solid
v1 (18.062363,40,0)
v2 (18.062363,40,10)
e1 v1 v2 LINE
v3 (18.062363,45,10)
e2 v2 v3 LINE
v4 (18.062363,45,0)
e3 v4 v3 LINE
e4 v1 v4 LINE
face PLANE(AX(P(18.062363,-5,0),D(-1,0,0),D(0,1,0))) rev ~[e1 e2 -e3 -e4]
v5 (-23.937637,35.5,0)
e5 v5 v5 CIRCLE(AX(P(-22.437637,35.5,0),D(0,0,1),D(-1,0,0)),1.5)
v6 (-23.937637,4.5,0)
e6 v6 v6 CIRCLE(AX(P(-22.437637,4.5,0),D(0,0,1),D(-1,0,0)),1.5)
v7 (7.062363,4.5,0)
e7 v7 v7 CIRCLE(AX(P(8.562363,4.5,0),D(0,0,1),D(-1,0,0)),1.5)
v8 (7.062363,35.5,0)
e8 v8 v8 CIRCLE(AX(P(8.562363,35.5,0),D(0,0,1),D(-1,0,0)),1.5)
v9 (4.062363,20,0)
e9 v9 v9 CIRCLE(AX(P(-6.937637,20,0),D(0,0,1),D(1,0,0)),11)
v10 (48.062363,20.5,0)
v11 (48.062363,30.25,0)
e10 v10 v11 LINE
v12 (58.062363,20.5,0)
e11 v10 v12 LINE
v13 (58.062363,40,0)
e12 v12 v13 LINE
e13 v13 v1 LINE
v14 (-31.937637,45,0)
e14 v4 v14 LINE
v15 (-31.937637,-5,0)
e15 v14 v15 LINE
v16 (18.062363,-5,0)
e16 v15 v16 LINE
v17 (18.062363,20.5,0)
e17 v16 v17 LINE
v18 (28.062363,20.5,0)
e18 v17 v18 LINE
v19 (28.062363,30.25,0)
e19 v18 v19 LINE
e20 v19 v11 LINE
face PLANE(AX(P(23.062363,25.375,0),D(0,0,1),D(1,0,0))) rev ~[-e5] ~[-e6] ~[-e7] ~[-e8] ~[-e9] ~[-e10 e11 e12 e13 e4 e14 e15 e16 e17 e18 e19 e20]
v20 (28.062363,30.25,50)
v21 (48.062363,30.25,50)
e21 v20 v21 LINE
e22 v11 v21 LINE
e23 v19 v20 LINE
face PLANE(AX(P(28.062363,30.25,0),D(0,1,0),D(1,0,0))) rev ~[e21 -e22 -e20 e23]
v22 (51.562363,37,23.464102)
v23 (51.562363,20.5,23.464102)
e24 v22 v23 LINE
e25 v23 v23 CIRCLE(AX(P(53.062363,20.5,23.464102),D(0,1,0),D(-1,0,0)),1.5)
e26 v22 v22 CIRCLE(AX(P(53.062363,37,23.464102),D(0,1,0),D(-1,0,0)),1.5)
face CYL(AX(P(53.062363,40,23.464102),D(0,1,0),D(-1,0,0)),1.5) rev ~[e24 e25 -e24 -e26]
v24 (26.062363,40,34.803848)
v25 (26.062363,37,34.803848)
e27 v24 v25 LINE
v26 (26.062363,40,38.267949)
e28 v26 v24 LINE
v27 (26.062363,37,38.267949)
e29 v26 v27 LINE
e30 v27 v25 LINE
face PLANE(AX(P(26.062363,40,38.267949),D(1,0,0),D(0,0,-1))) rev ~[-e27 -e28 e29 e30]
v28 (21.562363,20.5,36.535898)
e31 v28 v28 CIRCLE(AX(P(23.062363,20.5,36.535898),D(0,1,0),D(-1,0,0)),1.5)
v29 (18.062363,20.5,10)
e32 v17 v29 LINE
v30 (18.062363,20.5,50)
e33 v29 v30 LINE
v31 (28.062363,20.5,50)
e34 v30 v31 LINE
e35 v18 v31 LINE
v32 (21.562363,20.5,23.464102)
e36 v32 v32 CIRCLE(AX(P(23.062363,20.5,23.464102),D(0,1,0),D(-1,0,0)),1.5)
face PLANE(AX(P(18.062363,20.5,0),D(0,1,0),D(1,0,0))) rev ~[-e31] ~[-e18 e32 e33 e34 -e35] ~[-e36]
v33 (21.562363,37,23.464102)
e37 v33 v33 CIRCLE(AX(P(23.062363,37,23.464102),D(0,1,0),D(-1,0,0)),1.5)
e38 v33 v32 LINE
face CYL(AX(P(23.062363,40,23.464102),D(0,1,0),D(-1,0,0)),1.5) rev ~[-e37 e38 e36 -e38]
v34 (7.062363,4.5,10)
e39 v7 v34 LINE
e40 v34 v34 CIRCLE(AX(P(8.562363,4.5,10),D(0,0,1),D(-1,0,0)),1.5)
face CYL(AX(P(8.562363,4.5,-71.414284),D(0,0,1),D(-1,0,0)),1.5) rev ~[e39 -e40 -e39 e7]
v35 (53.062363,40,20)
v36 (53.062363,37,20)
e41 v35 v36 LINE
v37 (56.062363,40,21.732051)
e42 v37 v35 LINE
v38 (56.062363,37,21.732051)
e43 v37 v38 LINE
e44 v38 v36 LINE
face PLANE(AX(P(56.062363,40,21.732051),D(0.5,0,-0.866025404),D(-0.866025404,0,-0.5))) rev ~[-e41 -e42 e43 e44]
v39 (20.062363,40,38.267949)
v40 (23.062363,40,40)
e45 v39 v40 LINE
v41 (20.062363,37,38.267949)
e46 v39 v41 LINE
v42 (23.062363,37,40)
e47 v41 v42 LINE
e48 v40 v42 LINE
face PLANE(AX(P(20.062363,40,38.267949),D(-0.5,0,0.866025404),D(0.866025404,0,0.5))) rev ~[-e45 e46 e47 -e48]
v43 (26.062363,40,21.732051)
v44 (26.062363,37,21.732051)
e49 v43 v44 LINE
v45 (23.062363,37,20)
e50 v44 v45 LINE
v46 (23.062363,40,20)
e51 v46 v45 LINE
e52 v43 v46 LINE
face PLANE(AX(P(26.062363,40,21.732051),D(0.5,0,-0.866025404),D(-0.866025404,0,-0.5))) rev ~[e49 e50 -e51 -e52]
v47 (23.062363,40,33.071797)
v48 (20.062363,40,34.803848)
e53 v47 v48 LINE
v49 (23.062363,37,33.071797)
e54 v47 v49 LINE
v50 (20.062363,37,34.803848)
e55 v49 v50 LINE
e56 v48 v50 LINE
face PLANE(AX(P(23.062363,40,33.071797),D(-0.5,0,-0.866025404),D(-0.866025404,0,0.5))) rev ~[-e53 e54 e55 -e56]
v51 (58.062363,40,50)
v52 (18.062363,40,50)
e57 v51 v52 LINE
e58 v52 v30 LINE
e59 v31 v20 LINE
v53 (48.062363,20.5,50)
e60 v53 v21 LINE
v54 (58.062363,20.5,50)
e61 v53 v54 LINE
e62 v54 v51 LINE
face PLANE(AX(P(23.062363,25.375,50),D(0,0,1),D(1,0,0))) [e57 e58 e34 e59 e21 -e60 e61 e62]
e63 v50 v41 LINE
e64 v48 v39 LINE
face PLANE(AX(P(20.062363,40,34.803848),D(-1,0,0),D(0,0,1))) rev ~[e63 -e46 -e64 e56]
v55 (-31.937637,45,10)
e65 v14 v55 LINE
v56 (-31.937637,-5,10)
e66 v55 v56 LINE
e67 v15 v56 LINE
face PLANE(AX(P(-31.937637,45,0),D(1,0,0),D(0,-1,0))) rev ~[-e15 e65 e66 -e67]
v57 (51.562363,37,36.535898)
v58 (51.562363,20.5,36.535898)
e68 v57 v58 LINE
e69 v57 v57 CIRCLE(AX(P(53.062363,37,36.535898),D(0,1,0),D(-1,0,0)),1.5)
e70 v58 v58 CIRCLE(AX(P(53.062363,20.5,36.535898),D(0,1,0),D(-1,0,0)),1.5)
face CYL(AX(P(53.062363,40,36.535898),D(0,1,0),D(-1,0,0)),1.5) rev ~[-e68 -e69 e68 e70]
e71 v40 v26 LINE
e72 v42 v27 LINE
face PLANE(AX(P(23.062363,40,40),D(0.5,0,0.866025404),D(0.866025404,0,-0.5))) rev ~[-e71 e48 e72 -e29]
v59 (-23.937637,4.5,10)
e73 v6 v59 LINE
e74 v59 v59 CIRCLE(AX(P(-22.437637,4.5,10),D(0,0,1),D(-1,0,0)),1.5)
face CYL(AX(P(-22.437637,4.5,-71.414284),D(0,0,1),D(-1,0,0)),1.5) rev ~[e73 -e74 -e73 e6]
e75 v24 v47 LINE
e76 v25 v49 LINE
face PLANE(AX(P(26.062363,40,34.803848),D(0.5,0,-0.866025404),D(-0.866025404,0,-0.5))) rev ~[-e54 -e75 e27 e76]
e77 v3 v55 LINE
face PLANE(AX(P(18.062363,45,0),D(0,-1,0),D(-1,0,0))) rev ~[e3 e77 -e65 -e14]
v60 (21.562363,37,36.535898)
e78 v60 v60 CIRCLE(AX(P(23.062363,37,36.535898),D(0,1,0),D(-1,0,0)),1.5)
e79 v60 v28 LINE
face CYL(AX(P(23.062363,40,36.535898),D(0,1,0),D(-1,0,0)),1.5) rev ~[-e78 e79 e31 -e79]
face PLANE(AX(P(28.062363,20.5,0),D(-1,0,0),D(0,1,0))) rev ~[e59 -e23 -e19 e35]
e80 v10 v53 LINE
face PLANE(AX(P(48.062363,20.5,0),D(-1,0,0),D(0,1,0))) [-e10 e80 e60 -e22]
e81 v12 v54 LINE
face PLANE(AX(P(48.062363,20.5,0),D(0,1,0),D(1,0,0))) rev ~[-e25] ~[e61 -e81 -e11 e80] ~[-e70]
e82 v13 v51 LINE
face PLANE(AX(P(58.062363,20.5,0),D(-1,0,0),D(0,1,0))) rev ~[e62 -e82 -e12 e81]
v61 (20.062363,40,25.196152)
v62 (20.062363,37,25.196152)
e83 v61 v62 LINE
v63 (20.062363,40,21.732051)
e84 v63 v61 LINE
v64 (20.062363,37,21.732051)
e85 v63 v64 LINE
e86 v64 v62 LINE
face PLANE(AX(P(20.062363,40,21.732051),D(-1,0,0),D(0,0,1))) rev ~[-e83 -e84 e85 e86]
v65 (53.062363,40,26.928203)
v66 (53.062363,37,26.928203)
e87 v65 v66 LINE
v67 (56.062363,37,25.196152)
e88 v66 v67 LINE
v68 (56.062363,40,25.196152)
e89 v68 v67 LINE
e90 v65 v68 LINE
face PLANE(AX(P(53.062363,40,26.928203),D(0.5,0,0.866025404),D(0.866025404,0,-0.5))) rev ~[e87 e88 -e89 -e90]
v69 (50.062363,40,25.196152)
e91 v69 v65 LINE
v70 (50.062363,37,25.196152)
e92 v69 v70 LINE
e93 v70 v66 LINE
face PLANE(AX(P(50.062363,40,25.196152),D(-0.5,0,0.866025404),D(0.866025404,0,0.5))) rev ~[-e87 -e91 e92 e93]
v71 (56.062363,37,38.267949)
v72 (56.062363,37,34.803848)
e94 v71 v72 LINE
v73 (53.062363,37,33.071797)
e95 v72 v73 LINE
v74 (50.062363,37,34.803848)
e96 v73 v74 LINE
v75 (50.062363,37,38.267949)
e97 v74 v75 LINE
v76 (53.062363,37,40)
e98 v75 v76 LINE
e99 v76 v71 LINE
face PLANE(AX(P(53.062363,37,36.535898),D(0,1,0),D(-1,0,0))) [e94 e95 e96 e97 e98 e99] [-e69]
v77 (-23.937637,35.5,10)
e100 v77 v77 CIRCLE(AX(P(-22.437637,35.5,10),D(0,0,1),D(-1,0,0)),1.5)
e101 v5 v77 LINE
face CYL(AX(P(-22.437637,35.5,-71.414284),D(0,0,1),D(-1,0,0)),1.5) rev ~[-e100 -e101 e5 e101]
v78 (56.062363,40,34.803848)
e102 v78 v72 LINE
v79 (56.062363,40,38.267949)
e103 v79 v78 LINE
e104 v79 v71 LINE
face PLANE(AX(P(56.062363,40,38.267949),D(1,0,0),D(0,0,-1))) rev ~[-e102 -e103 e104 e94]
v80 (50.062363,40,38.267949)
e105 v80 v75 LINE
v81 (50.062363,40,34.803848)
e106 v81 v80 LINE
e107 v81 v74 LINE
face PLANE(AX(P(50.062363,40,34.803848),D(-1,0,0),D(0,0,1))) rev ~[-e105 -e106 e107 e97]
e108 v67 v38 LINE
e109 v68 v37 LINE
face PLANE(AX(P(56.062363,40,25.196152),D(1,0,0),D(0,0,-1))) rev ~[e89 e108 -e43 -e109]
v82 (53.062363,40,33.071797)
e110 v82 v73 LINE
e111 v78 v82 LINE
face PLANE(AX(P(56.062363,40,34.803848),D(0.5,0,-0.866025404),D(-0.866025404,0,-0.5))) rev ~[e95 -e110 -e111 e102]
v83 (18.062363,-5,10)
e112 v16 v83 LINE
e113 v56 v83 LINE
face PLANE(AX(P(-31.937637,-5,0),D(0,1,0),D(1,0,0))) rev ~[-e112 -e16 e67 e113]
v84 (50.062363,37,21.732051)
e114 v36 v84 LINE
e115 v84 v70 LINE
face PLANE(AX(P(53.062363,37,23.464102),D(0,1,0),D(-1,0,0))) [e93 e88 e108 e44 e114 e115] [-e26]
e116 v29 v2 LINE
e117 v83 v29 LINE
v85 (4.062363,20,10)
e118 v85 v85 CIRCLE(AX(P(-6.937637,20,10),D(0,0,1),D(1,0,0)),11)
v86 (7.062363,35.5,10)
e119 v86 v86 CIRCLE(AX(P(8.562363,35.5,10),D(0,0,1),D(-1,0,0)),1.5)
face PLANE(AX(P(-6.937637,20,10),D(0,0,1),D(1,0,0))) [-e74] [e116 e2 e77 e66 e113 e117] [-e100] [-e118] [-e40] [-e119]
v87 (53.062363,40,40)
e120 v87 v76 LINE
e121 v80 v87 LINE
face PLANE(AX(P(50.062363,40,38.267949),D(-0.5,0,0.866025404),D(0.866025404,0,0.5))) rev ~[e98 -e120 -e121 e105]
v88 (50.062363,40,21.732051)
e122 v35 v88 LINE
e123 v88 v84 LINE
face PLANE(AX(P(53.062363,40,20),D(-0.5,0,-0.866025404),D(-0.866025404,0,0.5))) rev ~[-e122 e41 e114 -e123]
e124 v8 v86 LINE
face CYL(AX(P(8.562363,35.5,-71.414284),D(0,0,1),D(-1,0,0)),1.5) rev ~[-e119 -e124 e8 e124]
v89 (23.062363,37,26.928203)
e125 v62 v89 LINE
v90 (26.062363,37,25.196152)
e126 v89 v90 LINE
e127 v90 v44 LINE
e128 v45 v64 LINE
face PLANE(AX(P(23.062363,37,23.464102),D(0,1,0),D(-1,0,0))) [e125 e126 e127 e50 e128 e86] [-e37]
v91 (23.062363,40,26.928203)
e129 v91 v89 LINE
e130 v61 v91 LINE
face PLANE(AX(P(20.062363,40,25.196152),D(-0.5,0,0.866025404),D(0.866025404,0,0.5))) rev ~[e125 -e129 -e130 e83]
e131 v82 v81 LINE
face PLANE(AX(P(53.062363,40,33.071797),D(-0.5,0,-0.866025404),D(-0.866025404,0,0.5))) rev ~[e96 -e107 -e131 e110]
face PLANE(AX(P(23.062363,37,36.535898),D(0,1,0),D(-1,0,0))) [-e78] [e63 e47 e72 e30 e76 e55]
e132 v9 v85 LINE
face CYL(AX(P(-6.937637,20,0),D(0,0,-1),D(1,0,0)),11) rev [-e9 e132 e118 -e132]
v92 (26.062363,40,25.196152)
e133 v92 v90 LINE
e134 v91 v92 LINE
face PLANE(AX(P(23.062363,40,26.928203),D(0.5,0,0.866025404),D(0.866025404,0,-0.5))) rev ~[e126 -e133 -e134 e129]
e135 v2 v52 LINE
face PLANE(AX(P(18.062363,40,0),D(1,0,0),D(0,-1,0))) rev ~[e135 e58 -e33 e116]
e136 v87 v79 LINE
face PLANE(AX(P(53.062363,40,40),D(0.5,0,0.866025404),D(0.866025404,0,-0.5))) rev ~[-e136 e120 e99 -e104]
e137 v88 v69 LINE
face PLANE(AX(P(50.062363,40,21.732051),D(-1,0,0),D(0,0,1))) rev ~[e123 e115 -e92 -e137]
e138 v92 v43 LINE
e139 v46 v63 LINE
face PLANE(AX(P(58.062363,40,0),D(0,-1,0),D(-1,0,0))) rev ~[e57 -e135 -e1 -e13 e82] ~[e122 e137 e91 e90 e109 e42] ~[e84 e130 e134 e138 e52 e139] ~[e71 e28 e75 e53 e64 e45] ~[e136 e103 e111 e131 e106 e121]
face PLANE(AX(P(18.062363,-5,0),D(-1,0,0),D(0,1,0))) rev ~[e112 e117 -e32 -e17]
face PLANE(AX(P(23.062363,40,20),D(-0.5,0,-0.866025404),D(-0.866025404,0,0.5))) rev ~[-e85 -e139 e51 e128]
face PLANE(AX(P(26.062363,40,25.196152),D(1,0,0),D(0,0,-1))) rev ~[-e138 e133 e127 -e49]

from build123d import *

# Parameters (mm, degrees)
F0_R     = 11
F1_DEPTH = 10
F3_D     = 3
F0_W     = 10
F0_H     = 9.75
F0_W_2   = 20
F4_DEPTH = 50
F5_R     = 1.5
F6_DEPTH = 3
F7_DEPTH = 20


with BuildPart() as f1:
    # F0 (on Top) → F1 (new body)
    with BuildSketch(Plane.XY):
        Polygon((18.0623630062, 45), (-31.9376369938, 45), (-31.9376369938, -5), (18.0623630062, -5), (18.0623630062, 0), (18.0623630062, 20.5), (18.0623630062, 30.25), (18.0623630062, 40), align=None)
        with Locations((-6.9376369938, 20)):
            Circle(F0_R, mode=Mode.SUBTRACT)
    extrude(amount=F1_DEPTH)

    # F3 (through all)
    with Locations(Plane(origin=(0, 0, 0), x_dir=(1, 0, 0), z_dir=(0, 0, -1))):
        with Locations((8.5623630062, -4.5), (-22.4376369938, -4.5), (-22.4376369938, -35.5), (8.5623630062, -35.5)):
            Hole(F3_D / 2)

    # F0 (on Top) → F4 (join)
    with BuildSketch(Plane.XY):
        with Locations((23.0623630062, 25.375)):
            Rectangle(F0_W, F0_H)
        with Locations((23.0623630062, 35.125)):
            Rectangle(F0_W, F0_H)
        with Locations((38.0623630062, 35.125)):
            Rectangle(F0_W_2, F0_H)
        with Locations((53.0623630062, 35.125)):
            Rectangle(F0_W, F0_H)
        with Locations((53.0623630062, 25.375)):
            Rectangle(F0_W, F0_H)
    extrude(amount=F4_DEPTH)

    # F5 (on face) → F6 (cut)
    with BuildSketch(Plane(origin=(0, 40, 0), x_dir=(-1, 0, 0), z_dir=(0, 1, 0))):
        Polygon((-20.0623630062, 25.1961524227), (-23.0623630062, 26.9282032303), (-26.0623630062, 25.1961524227), (-26.0623630062, 21.7320508076), (-23.0623630062, 20), (-20.0623630062, 21.7320508076), align=None)
        with Locations((-23.0623630062, 23.4641016151)):
            Circle(F5_R, mode=Mode.SUBTRACT)
        Polygon((-20.0623630062, 38.2679491924), (-23.0623630062, 40), (-26.0623630062, 38.2679491924), (-26.0623630062, 34.8038475773), (-23.0623630062, 33.0717967697), (-20.0623630062, 34.8038475773), align=None)
        with Locations((-23.0623630062, 36.5358983849)):
            Circle(F5_R, mode=Mode.SUBTRACT)
        Polygon((-56.0623630062, 34.8038475773), (-53.0623630062, 33.0717967697), (-50.0623630062, 34.8038475773), (-50.0623630062, 38.2679491924), (-53.0623630062, 40), (-56.0623630062, 38.2679491924), align=None)
        with Locations((-53.0623630062, 36.5358983849)):
            Circle(F5_R, mode=Mode.SUBTRACT)
        Polygon((-56.0623630062, 21.7320508076), (-53.0623630062, 20), (-50.0623630062, 21.7320508076), (-50.0623630062, 25.1961524227), (-53.0623630062, 26.9282032303), (-56.0623630062, 25.1961524227), align=None)
        with Locations((-53.0623630062, 23.4641016151)):
            Circle(F5_R, mode=Mode.SUBTRACT)
    extrude(amount=-F6_DEPTH, mode=Mode.SUBTRACT)

    # F7 (cut): faces of the model
    f7_faces = [f1.faces().sort_by_distance(p)[0] for p in [
        (23.0623630062, 40, 23.4641016151),
        (23.0623630062, 40, 36.5358983849),
        (53.0623630062, 40, 36.5358983849),
        (53.0623630062, 40, 23.4641016151),
    ]]
    extrude(f7_faces, amount=-F7_DEPTH, mode=Mode.SUBTRACT)


solid = f1.part
